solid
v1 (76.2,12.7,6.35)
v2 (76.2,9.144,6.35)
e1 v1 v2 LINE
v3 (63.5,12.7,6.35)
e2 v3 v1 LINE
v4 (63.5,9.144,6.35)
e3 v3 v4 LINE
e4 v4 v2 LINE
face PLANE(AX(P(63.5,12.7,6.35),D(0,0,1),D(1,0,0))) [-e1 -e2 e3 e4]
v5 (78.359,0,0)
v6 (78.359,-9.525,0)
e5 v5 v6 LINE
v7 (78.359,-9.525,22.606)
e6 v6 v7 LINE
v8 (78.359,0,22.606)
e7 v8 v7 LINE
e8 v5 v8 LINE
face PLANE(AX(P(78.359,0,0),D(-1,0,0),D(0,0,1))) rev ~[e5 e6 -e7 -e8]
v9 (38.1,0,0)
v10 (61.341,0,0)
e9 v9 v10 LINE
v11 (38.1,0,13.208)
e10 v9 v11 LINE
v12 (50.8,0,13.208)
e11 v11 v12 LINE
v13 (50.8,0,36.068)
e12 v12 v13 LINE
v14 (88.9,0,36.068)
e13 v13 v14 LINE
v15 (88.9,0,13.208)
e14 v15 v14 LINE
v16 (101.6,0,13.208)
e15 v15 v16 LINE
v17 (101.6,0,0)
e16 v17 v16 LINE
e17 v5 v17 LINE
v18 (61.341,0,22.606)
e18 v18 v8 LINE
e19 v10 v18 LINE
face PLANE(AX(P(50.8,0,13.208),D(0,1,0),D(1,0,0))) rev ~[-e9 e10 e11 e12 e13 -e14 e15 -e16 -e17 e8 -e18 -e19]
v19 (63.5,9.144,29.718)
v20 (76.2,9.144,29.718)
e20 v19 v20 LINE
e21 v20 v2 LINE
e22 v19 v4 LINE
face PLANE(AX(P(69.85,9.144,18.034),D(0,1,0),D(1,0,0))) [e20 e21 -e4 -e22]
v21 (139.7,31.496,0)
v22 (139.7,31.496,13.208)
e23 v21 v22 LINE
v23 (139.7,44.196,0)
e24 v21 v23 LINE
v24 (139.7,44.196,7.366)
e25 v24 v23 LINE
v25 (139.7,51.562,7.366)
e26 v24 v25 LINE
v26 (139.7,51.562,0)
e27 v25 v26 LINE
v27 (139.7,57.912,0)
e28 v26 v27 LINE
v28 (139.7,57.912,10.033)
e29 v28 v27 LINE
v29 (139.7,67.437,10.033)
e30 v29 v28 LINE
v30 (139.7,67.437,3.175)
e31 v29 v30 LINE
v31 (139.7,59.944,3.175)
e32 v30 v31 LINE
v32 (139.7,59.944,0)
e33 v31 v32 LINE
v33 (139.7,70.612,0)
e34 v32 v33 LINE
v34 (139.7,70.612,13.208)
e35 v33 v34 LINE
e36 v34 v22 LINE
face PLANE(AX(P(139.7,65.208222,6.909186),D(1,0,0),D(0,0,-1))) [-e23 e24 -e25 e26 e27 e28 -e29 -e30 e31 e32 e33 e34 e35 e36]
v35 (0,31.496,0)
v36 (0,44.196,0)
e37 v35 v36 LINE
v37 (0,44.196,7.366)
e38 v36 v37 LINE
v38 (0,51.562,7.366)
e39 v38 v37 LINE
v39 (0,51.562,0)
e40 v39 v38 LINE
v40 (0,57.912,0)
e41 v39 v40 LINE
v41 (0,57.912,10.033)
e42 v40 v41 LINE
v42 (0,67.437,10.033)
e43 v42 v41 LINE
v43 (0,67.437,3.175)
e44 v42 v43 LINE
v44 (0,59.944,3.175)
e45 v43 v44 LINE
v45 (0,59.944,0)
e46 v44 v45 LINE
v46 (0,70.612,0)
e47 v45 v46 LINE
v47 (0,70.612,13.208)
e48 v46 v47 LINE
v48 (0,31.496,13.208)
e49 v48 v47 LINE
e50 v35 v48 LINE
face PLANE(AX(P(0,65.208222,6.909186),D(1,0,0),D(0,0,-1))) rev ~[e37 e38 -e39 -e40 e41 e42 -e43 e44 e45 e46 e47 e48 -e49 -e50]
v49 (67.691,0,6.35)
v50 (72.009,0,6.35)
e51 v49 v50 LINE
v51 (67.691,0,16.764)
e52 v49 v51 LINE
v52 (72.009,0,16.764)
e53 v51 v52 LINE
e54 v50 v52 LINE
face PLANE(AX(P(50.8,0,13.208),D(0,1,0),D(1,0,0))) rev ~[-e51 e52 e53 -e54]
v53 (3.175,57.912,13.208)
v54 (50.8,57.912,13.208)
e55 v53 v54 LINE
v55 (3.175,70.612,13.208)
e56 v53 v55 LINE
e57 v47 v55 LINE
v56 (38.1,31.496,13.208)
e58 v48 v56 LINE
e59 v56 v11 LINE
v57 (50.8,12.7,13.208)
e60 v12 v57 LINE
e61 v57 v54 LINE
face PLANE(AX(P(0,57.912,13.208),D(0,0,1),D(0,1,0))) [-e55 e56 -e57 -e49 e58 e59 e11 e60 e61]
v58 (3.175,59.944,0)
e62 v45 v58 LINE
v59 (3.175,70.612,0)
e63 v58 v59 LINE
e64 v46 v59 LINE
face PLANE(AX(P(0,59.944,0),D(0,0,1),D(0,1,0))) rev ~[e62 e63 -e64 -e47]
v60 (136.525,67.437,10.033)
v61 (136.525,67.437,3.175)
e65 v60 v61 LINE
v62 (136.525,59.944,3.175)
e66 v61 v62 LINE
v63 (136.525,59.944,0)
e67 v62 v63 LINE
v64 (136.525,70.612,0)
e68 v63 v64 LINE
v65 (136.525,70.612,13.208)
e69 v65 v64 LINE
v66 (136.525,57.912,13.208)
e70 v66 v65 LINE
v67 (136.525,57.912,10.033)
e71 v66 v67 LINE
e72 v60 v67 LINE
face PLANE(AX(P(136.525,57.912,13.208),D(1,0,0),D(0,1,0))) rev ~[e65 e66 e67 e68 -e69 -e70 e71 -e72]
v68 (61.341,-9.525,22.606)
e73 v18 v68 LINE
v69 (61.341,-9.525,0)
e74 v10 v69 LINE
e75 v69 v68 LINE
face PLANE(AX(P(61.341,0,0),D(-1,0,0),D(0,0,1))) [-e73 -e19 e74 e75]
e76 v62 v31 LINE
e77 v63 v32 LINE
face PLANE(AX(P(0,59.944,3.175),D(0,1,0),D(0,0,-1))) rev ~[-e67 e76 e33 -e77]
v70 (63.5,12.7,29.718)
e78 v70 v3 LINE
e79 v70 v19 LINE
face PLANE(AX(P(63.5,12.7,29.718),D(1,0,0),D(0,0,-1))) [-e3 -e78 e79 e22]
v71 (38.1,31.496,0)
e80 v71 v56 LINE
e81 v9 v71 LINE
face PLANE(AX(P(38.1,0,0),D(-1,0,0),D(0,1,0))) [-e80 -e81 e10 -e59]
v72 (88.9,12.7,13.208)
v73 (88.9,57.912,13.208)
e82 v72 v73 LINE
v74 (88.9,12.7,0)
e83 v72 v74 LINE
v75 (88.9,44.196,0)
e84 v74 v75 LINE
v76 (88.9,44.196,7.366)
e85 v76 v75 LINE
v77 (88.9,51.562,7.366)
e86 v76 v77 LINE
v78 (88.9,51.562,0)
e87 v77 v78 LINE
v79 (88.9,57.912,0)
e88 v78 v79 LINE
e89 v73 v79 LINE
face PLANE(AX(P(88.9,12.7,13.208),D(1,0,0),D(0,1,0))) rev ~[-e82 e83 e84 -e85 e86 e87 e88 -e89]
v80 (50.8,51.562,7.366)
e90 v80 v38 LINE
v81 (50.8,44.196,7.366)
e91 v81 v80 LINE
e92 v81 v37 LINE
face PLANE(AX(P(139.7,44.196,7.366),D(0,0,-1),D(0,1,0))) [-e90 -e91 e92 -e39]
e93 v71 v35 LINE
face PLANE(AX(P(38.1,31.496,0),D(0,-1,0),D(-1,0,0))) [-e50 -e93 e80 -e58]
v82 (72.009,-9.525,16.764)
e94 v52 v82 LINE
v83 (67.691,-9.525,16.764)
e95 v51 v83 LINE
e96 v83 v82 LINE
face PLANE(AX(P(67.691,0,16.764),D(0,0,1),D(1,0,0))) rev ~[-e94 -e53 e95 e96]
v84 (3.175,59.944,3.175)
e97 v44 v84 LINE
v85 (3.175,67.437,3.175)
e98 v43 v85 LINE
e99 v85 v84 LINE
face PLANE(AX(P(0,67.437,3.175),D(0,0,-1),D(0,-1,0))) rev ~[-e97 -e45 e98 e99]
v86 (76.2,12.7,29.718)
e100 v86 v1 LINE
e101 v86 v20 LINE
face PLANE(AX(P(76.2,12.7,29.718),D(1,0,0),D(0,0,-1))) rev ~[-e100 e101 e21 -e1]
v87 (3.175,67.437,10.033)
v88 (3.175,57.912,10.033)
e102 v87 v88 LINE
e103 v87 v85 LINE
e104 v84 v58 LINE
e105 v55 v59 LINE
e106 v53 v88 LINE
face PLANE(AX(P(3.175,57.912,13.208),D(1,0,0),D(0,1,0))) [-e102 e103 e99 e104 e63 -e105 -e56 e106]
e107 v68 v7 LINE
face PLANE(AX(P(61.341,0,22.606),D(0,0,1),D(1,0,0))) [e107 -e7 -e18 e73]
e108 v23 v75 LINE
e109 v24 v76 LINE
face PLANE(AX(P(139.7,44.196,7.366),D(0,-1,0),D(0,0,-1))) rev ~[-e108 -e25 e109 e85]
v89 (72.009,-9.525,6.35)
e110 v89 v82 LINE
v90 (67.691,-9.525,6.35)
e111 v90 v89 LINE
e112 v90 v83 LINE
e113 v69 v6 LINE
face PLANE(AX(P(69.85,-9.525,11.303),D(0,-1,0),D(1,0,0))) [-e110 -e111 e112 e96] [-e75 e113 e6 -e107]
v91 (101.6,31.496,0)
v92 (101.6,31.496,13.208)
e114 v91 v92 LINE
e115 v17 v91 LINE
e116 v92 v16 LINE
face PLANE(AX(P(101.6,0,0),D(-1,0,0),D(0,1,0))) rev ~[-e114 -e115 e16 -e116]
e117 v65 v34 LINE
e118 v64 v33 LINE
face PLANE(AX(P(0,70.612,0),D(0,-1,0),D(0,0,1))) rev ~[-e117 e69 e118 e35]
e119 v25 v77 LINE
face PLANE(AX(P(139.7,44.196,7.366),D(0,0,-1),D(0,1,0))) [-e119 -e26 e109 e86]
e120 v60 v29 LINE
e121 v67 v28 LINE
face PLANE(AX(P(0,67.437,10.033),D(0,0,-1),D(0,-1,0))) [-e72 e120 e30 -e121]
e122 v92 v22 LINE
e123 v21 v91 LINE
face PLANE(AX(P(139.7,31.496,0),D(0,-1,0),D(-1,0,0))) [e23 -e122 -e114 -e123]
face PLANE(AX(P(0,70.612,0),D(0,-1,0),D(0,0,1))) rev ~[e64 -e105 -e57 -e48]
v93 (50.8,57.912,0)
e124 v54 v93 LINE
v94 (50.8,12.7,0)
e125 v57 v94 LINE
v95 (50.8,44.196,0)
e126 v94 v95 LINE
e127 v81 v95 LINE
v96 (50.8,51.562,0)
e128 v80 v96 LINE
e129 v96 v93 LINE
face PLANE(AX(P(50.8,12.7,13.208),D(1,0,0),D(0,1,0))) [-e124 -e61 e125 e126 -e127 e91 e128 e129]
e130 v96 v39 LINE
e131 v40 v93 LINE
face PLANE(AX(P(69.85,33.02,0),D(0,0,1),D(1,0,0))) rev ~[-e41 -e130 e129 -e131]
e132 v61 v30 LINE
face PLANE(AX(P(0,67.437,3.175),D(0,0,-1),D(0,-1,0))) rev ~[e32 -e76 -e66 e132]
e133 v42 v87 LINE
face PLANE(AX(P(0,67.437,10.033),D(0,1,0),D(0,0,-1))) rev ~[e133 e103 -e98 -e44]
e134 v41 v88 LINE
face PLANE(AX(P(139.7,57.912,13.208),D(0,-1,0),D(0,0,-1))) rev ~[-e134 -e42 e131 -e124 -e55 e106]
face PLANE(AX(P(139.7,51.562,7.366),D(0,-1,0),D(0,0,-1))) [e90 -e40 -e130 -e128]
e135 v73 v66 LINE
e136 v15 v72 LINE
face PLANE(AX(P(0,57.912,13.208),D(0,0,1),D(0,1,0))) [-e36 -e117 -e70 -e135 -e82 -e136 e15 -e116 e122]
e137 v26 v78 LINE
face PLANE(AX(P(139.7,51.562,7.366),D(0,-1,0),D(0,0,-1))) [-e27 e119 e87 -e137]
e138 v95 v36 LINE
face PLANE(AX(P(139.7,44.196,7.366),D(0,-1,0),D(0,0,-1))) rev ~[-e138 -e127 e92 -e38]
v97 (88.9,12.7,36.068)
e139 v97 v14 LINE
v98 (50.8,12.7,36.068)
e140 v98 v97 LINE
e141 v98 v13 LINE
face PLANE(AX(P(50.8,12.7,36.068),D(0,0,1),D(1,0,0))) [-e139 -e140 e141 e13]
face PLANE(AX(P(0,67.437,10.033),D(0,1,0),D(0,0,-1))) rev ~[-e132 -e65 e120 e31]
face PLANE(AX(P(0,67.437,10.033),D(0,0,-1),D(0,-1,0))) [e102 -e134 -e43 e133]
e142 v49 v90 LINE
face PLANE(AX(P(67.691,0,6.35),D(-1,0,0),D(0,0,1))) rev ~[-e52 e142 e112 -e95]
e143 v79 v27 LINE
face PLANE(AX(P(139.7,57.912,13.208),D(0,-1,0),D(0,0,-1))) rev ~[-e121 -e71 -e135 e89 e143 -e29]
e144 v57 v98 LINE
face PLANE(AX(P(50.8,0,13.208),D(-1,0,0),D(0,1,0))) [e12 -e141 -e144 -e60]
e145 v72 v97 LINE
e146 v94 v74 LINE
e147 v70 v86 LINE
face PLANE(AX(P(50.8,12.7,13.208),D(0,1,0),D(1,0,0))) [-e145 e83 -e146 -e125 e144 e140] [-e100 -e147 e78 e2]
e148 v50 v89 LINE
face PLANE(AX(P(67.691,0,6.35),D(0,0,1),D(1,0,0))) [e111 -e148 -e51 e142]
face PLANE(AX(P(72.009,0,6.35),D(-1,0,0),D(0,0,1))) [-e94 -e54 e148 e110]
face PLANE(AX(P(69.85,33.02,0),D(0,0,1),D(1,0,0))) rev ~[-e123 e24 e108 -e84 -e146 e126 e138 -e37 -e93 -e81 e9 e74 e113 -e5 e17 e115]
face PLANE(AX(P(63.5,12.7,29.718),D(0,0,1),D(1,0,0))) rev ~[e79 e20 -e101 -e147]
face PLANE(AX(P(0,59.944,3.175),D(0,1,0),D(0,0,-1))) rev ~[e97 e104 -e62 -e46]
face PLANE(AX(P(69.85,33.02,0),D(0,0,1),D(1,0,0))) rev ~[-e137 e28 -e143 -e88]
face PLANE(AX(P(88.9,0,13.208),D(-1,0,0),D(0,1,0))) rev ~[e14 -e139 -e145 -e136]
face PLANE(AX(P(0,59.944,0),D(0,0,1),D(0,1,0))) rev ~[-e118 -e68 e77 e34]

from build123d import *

# Parameters (mm, degrees)
SKETCH1_W           = 139.7
SKETCH1_H           = 66.04
BOSS_EXTRUDE1_DEPTH = 13.208
SKETCH2_W           = 38.1
SKETCH2_H           = 53.34
CUT_EXTRUDE1_DEPTH  = 13.208
SKETCH3_W           = 38.1
SKETCH3_H           = 12.7
BOSS_EXTRUDE2_DEPTH = 31.242
SKETCH4_W           = 12.7
SKETCH4_H           = 23.368
CUT_EXTRUDE2_DEPTH  = 3.556
SKETCH5_W           = 17.018
SKETCH5_H           = 22.606
SKETCH5_W_2         = 4.318
SKETCH5_H_2         = 10.414
BOSS_EXTRUDE3_DEPTH = 9.525
SKETCH6_W           = 7.366
SKETCH6_H           = 7.366
SKETCH6_W_2         = 13.208
SKETCH6_H_2         = 8.128
CUT_EXTRUDE3_DEPTH  = 172.847
BOSS_EXTRUDE4_DEPTH = 139.7
SKETCH8_W           = 133.35
SKETCH8_H           = 12.7
CUT_EXTRUDE4_DEPTH  = 139.7
SKETCH9_W           = 38.1
SKETCH9_H           = 31.496
CUT_EXTRUDE5_DEPTH  = 139.7
SKETCH10_W          = 38.1
SKETCH10_H          = 8.382
CUT_EXTRUDE6_DEPTH  = 139.7


with BuildPart() as part:
    # Sketch1 → Boss-Extrude1 (new body)
    with BuildSketch(Plane.XY):
        with Locations((69.85, 33.02)):
            Rectangle(SKETCH1_W, SKETCH1_H)
    extrude(amount=BOSS_EXTRUDE1_DEPTH)

    # Sketch2 → Cut-Extrude1 (cut)
    with BuildSketch(Plane.XY.offset(13.208)):
        with Locations((69.85, 39.37)):
            Rectangle(SKETCH2_W, SKETCH2_H)
    extrude(amount=-CUT_EXTRUDE1_DEPTH, mode=Mode.SUBTRACT)

    # Sketch3 → Boss-Extrude2 (add)
    with BuildSketch(Plane.XY.offset(13.208)):
        with Locations((69.85, 6.35)):
            Rectangle(SKETCH3_W, SKETCH3_H)
    extrude(amount=BOSS_EXTRUDE2_DEPTH)

    # Sketch4 → Cut-Extrude2 (cut)
    with BuildSketch(Plane(origin=(0, 12.7, 0), x_dir=(1, 0, 0), z_dir=(0, 1, 0))):
        with Locations((69.85, -18.034)):
            Rectangle(SKETCH4_W, SKETCH4_H)
    extrude(amount=-CUT_EXTRUDE2_DEPTH, mode=Mode.SUBTRACT)

    # Sketch5 → Boss-Extrude3 (add)
    with BuildSketch(Plane.XZ):
        with Locations((69.85, 11.303)):
            Rectangle(SKETCH5_W, SKETCH5_H)
        with Locations((69.85, 11.557)):
            Rectangle(SKETCH5_W_2, SKETCH5_H_2, mode=Mode.SUBTRACT)
    extrude(amount=BOSS_EXTRUDE3_DEPTH)

    # Sketch6 → Cut-Extrude3 (cut)
    with BuildSketch(Plane(origin=(139.7, 0, 0), x_dir=(0, 0, -1), z_dir=(1, 0, 0))):
        with Locations((-3.683, 47.879)):
            Rectangle(SKETCH6_W, SKETCH6_H)
        with Locations((-6.604, 61.976)):
            Rectangle(SKETCH6_W_2, SKETCH6_H_2)
    extrude(amount=-CUT_EXTRUDE3_DEPTH, mode=Mode.SUBTRACT)

    # Sketch7 → Boss-Extrude4 (add)
    with BuildSketch(Plane.ZY):
        Polygon((0, 59.944), (0, 70.612), (13.208, 70.612), (13.208, 59.944), (13.208, 57.912), (10.033, 57.912), (10.033, 59.944), (10.033, 67.437), (3.175, 67.437), (3.175, 59.944), align=None)
    extrude(amount=-BOSS_EXTRUDE4_DEPTH)

    # Sketch8 → Cut-Extrude4 (cut)
    with BuildSketch(Plane.XY.offset(13.208)):
        with Locations((69.85, 64.262)):
            Rectangle(SKETCH8_W, SKETCH8_H)
    extrude(amount=-CUT_EXTRUDE4_DEPTH, mode=Mode.SUBTRACT)

    # Sketch9 → Cut-Extrude5 (cut)
    with BuildSketch(Plane(origin=(0, 0, 0), x_dir=(-1, 0, 0), z_dir=(0, 0, -1))):
        with Locations((-120.65, 15.748)):
            Rectangle(SKETCH9_W, SKETCH9_H)
        with Locations((-19.05, 15.748)):
            Rectangle(SKETCH9_W, SKETCH9_H)
    extrude(amount=-CUT_EXTRUDE5_DEPTH, mode=Mode.SUBTRACT)

    # Sketch10 → Cut-Extrude6 (cut)
    with BuildSketch(Plane(origin=(0, 12.7, 0), x_dir=(1, 0, 0), z_dir=(0, 1, 0))):
        with Locations((69.85, -40.259)):
            Rectangle(SKETCH10_W, SKETCH10_H)
    extrude(amount=-CUT_EXTRUDE6_DEPTH, mode=Mode.SUBTRACT)


solid = part.part
